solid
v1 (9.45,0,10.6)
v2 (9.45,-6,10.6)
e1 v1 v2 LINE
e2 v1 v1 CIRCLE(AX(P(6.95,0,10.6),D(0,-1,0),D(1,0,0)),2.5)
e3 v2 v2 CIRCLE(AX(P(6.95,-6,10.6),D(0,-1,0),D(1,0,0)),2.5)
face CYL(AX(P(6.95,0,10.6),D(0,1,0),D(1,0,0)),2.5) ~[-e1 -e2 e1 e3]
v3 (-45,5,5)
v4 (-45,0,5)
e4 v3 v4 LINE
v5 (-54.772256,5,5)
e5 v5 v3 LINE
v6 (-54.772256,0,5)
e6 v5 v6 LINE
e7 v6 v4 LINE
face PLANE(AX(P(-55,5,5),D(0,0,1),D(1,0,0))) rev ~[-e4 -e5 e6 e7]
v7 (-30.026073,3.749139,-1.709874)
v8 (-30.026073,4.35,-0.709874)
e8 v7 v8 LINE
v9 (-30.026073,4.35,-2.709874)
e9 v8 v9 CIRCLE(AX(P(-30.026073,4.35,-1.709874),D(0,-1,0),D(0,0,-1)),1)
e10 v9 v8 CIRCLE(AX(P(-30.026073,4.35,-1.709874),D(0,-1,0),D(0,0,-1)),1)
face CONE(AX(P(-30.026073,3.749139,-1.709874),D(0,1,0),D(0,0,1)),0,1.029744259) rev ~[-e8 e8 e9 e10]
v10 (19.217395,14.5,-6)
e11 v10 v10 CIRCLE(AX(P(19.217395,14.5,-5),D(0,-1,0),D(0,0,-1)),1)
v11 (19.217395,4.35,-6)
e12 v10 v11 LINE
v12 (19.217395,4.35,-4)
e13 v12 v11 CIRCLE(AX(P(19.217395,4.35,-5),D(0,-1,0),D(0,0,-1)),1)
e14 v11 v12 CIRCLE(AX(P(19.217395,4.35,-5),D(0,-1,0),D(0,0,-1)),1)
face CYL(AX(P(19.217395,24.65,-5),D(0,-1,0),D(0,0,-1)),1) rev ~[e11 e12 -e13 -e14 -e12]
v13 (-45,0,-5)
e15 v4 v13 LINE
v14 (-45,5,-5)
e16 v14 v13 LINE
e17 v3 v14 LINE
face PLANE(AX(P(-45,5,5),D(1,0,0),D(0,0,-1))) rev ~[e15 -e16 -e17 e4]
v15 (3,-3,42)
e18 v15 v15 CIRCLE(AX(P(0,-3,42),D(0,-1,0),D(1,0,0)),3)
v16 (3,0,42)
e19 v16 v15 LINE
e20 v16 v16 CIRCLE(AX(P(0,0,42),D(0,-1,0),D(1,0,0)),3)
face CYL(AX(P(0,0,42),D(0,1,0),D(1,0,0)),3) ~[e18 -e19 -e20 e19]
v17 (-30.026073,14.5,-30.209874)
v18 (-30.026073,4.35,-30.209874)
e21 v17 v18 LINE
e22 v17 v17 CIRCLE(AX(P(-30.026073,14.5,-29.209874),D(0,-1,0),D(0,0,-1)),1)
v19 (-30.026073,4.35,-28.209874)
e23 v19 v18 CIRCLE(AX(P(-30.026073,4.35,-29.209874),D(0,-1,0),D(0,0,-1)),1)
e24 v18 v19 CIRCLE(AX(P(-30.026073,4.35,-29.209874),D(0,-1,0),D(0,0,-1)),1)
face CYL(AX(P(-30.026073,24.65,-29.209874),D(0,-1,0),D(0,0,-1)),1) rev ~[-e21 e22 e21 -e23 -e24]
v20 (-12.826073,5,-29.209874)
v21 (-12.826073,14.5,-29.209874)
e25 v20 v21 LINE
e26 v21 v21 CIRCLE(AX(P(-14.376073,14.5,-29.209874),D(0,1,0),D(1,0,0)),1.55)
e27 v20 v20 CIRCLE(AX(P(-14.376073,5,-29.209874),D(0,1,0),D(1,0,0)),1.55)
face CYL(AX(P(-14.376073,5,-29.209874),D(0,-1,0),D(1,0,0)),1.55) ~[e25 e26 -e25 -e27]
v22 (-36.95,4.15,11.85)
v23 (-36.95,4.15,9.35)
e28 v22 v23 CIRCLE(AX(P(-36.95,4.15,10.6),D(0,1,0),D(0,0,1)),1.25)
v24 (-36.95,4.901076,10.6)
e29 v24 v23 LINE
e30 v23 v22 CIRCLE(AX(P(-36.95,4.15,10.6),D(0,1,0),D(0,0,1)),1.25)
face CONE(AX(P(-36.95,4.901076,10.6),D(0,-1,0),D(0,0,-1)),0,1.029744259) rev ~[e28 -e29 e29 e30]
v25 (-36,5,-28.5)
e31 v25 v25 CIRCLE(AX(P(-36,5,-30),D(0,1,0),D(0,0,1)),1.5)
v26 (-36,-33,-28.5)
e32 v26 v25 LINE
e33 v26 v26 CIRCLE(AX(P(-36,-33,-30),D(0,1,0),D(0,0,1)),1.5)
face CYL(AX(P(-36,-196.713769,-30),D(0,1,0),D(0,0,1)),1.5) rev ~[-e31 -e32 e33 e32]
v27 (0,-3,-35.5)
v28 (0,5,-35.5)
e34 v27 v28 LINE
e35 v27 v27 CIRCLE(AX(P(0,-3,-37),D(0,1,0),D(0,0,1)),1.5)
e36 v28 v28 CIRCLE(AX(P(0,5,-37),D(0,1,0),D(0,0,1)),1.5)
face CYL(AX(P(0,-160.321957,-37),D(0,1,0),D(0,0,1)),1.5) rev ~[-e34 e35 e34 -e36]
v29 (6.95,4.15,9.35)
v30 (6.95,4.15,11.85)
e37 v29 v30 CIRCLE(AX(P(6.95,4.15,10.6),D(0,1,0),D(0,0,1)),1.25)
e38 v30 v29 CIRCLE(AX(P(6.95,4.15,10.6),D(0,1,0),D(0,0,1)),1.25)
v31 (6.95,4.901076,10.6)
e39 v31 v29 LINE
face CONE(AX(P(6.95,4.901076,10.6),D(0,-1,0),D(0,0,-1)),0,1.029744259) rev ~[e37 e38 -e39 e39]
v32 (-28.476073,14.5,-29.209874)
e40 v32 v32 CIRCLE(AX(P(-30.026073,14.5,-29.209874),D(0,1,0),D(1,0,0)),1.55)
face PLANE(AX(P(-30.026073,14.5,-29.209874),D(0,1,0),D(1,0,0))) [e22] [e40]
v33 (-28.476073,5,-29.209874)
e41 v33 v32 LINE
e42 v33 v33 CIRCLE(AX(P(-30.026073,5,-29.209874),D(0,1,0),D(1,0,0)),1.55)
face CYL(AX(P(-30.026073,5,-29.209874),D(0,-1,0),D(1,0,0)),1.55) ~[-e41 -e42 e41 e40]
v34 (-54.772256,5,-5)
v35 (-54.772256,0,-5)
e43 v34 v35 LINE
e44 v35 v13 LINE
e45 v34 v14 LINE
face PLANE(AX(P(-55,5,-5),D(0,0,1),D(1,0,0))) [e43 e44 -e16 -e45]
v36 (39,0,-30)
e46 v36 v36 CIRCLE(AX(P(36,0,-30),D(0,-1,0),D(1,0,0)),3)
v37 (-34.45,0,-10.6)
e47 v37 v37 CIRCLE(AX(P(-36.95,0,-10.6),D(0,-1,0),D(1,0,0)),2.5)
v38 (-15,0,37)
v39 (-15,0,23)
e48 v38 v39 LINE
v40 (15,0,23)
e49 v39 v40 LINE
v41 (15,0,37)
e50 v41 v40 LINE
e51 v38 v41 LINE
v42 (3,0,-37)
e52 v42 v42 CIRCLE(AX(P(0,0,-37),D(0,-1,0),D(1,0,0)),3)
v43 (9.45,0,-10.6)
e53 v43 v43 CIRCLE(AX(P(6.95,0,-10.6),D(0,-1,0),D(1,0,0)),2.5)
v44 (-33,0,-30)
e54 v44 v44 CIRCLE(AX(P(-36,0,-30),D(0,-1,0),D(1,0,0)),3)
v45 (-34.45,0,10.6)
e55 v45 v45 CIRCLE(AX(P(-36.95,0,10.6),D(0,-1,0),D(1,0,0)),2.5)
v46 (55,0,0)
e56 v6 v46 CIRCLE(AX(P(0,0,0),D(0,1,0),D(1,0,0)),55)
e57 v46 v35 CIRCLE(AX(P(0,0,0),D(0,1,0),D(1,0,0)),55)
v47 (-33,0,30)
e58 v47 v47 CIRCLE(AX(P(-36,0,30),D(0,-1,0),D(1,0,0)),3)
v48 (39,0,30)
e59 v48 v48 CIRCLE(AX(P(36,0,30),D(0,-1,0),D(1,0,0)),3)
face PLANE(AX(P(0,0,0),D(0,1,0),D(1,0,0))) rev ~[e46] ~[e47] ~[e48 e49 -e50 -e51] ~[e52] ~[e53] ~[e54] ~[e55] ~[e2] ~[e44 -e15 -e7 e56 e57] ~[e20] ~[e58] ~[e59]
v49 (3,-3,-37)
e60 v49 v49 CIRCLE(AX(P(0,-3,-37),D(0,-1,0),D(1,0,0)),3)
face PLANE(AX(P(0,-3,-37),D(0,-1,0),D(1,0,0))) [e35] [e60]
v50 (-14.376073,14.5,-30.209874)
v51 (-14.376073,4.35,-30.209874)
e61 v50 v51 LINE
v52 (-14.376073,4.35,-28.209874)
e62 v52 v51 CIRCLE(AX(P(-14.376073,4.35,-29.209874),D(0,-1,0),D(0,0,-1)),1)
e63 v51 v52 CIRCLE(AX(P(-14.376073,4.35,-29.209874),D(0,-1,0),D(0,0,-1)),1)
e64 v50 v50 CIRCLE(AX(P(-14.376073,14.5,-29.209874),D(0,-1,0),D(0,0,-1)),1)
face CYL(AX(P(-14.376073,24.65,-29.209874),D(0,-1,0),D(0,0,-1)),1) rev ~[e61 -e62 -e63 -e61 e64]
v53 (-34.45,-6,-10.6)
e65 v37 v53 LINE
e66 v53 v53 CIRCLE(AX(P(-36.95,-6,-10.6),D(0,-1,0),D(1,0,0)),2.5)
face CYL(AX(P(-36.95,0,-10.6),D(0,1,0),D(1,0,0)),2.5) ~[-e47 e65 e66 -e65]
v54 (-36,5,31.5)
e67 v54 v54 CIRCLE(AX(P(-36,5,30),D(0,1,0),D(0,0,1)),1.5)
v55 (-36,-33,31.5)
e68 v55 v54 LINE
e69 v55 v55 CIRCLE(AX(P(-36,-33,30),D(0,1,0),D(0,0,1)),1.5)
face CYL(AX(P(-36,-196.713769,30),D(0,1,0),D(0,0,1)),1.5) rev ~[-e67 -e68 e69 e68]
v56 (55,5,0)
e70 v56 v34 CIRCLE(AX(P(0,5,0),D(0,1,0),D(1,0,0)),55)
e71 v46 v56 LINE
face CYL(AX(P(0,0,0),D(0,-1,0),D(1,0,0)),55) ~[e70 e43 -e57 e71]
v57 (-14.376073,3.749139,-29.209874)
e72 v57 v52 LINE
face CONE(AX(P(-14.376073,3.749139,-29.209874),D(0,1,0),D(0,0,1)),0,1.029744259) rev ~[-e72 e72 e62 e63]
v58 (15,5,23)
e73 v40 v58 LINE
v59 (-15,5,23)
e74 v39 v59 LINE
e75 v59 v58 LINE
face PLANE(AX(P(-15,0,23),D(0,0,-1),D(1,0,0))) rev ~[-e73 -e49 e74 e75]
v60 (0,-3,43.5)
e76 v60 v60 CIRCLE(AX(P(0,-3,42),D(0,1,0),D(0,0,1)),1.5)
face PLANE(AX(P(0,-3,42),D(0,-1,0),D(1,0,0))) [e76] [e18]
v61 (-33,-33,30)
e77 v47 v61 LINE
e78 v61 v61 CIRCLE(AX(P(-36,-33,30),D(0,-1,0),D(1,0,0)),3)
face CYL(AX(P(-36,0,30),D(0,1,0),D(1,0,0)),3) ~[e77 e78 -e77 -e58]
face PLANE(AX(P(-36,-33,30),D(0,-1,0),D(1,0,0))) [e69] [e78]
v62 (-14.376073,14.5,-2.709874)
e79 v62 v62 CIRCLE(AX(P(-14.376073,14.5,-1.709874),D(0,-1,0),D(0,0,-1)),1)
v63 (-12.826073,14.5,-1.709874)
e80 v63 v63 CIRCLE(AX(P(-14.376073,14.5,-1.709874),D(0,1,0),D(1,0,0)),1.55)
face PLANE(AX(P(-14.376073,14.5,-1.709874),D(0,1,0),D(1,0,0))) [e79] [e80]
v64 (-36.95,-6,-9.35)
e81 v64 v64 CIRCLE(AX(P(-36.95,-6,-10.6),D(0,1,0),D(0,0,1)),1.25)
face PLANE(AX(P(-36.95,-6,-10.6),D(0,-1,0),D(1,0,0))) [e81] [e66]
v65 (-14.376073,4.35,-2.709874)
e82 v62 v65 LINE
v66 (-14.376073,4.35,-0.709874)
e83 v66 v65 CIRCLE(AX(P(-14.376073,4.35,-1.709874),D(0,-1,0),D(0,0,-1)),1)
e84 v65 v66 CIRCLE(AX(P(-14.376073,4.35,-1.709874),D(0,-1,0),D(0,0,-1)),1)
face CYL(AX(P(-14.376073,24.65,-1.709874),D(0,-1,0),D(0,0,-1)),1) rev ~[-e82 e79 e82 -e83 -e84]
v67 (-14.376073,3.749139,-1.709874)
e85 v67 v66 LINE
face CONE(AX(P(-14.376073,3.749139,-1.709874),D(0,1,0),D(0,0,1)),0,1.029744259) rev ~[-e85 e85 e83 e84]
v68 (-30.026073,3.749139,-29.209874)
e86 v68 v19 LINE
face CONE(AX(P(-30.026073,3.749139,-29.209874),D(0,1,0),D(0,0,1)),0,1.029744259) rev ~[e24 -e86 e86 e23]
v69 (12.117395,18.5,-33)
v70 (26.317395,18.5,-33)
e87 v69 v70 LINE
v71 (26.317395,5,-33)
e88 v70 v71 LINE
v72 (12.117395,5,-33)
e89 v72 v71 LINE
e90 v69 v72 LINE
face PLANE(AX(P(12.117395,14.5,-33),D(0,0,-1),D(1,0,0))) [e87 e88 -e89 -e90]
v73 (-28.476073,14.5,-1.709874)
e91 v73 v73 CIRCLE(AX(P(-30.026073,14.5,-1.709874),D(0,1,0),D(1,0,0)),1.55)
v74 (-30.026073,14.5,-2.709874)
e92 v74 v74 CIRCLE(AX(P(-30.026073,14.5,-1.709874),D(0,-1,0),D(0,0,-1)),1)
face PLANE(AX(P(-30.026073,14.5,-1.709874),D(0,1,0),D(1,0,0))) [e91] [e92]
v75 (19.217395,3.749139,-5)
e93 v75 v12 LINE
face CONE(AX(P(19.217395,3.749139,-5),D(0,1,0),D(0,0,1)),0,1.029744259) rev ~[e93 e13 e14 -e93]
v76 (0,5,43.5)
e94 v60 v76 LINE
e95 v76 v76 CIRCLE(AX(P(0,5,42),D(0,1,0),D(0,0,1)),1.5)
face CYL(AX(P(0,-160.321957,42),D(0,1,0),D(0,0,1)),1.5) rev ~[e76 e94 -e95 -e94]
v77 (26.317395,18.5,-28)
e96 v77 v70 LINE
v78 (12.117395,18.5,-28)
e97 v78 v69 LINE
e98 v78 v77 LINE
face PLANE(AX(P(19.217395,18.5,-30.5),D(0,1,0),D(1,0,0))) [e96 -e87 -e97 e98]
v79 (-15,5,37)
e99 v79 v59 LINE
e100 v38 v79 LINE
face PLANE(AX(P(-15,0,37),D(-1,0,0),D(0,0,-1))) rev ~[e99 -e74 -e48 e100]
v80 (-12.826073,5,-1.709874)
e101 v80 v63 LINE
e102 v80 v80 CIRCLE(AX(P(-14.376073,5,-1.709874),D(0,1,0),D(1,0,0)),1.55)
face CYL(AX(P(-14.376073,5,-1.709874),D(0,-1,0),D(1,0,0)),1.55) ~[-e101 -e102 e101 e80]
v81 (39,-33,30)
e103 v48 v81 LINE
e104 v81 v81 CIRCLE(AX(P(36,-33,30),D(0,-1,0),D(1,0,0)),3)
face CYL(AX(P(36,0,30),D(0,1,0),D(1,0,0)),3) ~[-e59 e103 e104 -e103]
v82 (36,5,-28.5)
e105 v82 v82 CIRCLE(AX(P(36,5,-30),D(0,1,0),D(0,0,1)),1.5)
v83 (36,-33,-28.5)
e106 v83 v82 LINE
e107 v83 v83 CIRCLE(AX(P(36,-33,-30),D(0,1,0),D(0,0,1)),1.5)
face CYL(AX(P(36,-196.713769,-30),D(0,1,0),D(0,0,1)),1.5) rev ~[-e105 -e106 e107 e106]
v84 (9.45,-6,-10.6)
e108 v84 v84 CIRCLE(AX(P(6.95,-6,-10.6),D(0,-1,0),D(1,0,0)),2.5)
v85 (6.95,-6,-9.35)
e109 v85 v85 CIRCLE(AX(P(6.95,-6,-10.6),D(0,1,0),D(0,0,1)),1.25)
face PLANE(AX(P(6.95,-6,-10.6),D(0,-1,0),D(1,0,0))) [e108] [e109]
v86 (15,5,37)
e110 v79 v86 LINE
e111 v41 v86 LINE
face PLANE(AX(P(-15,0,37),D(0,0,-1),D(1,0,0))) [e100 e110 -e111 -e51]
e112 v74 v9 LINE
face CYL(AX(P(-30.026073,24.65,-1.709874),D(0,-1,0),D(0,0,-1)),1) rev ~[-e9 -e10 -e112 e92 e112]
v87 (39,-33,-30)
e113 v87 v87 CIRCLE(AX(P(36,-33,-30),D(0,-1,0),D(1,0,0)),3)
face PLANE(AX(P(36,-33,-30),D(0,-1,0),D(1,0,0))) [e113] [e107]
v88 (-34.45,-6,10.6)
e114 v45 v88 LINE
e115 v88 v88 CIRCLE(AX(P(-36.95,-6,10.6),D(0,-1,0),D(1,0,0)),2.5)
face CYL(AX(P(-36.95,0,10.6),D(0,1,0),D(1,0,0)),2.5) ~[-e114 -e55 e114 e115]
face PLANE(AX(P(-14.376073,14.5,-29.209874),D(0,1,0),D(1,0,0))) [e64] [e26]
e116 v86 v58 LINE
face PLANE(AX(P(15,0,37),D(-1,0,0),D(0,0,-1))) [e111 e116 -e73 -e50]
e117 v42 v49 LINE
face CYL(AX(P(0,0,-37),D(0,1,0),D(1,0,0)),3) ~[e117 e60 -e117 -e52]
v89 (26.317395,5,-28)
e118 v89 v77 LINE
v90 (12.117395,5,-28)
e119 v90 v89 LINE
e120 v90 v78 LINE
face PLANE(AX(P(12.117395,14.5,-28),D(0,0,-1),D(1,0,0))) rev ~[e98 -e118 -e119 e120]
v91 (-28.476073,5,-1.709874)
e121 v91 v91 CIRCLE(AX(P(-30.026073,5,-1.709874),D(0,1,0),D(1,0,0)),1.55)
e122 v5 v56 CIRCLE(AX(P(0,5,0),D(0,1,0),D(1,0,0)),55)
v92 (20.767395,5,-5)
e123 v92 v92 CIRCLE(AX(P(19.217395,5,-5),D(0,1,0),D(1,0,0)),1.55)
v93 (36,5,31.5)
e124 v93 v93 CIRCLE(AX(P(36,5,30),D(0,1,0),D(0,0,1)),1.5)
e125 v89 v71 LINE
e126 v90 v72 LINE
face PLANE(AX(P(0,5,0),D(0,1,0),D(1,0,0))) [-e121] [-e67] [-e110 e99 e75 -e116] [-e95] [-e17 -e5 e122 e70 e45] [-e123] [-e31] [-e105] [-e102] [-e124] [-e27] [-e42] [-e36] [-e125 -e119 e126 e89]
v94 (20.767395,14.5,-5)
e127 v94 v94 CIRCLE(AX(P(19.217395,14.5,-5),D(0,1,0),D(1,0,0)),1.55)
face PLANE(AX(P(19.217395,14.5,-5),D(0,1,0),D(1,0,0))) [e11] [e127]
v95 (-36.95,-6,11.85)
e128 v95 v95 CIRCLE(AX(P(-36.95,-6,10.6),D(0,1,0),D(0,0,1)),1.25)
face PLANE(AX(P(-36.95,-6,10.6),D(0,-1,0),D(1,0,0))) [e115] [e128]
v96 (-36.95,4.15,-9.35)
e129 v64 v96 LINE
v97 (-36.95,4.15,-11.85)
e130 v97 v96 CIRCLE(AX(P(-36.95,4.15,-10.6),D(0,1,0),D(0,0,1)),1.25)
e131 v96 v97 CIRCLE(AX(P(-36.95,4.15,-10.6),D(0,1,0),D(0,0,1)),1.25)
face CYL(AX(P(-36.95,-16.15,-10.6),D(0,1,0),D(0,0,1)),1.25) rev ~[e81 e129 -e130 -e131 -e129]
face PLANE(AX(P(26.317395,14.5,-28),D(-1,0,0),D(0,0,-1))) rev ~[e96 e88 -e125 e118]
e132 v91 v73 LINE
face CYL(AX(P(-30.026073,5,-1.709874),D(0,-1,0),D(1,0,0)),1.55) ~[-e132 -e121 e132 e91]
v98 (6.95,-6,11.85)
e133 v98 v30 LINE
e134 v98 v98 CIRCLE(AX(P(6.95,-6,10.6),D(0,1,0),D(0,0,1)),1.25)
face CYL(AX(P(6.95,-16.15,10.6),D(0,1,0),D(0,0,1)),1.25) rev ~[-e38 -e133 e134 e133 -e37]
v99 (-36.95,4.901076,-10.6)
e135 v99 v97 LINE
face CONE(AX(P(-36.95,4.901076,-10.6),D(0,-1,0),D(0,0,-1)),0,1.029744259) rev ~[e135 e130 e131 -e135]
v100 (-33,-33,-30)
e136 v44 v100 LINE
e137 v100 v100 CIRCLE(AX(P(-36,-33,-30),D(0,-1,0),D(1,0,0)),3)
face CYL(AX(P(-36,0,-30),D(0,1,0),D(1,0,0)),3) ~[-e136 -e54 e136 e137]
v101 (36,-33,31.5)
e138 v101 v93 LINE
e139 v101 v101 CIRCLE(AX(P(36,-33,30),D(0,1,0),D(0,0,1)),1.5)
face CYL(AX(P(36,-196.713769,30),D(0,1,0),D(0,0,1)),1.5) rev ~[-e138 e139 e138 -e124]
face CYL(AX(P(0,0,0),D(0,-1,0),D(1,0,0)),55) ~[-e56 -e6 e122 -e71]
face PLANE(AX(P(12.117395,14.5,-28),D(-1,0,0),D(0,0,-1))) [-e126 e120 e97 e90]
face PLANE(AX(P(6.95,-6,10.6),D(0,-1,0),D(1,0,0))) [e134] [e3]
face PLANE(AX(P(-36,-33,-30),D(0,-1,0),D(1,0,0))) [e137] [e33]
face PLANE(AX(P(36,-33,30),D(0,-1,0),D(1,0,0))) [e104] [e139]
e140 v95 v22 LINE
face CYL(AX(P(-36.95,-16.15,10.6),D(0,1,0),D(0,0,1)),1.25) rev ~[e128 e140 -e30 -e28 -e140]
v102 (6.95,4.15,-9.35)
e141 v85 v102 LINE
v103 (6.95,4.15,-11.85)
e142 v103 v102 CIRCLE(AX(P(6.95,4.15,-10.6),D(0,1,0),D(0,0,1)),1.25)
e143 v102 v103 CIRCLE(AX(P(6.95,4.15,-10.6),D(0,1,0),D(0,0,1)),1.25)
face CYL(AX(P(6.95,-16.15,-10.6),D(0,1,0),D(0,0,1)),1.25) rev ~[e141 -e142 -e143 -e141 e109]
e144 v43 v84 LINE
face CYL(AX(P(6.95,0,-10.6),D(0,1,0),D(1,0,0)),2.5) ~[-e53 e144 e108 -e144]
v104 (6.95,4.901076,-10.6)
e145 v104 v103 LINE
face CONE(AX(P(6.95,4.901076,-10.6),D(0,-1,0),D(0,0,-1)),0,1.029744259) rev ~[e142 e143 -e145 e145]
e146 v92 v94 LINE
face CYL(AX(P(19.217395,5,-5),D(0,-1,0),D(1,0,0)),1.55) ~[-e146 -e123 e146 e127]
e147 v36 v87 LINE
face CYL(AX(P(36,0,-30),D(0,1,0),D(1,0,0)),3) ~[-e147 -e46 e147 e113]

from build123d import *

# Parameters (mm, degrees)
SKETCH2_R                 = 55
SKETCH2_W                 = 30
SKETCH2_H                 = 14
BOSS_EXTRUDE1_DEPTH       = 5
SKETCH3_R                 = 2.5
BOSS_EXTRUDE2_DEPTH       = 6
F_2_5MM_DOWEL_HOLE2_D     = 2.5
F_2_5MM_DOWEL_HOLE2_DEPTH = 10.15
F_2_5MM_DOWEL_HOLE2_TIP   = 0.751075774
SKETCH15_R                = 1.55
BOSS_EXTRUDE3_DEPTH       = 9.5
F_2_0MM_DOWEL_HOLE1_D     = 2
F_2_0MM_DOWEL_HOLE1_DEPTH = 10.15
F_2_0MM_DOWEL_HOLE1_TIP   = 0.600860619
SKETCH17_R                = 1.55
SKETCH17_W                = 14.2
SKETCH17_H                = 5
BOSS_EXTRUDE4_DEPTH       = 9.5
F_2_0MM_DOWEL_HOLE2_D     = 2
F_2_0MM_DOWEL_HOLE2_DEPTH = 10.15
F_2_0MM_DOWEL_HOLE2_TIP   = 0.600860619
SKETCH19_W                = 14.2
SKETCH19_H                = 5
BOSS_EXTRUDE5_DEPTH       = 4
SKETCH21_W                = 10
SKETCH21_H                = 10
CUT_EXTRUDE1_DEPTH        = 79.944600829
SKETCH26_R                = 3
BOSS_EXTRUDE7_DEPTH       = 3
F_3_0MM_DOWEL_HOLE2_D     = 3
SKETCH30_R                = 3
BOSS_EXTRUDE9_DEPTH       = 33
F_3_0MM_DOWEL_HOLE4_D     = 3


with BuildPart() as part:
    # Sketch2 → Boss-Extrude1 (new body)
    with BuildSketch(Plane(origin=(0, 0, 0), x_dir=(1, 0, 0), z_dir=(0, 1, 0))):
        Circle(SKETCH2_R)
        with Locations((0, -30)):
            Rectangle(SKETCH2_W, SKETCH2_H, mode=Mode.SUBTRACT)
    extrude(amount=BOSS_EXTRUDE1_DEPTH)

    # Sketch3 → Boss-Extrude2 (add)
    with BuildSketch(Plane.XZ):
        with Locations((-36.95, 10.6)):
            Circle(SKETCH3_R)
        with Locations((-36.95, -10.6)):
            Circle(SKETCH3_R)
        with Locations((6.95, -10.6)):
            Circle(SKETCH3_R)
        with Locations((6.95, 10.6)):
            Circle(SKETCH3_R)
    extrude(amount=BOSS_EXTRUDE2_DEPTH)

    # Ø2.5mm Dowel Hole2
    with Locations(Plane(origin=(-36.95, -6, 10.6), x_dir=(0, 0, -1), z_dir=(0, -1, 0))):
        with Locations((0, 0), (0, 43.9), (21.2, 43.9), (21.2, 0)):
            Hole(F_2_5MM_DOWEL_HOLE2_D / 2, depth=F_2_5MM_DOWEL_HOLE2_DEPTH)
            with Locations((0, 0, -(F_2_5MM_DOWEL_HOLE2_DEPTH + F_2_5MM_DOWEL_HOLE2_TIP / 2))):  # 118° drill point
                Cone(0, F_2_5MM_DOWEL_HOLE2_D / 2, F_2_5MM_DOWEL_HOLE2_TIP, mode=Mode.SUBTRACT)

    # Sketch15 → Boss-Extrude3 (add)
    with BuildSketch(Plane(origin=(0, 5, 0), x_dir=(1, 0, 0), z_dir=(0, 1, 0))):
        with Locations((-30.02607336, 29.209873591)):
            Circle(SKETCH15_R)
        with Locations((-14.37607336, 29.209873591)):
            Circle(SKETCH15_R)
        with Locations((-14.37607336, 1.709873591)):
            Circle(SKETCH15_R)
        with Locations((-30.02607336, 1.709873591)):
            Circle(SKETCH15_R)
    extrude(amount=BOSS_EXTRUDE3_DEPTH)

    # Ø2.0mm Dowel Hole1
    with Locations(Plane(origin=(-30.02607336, 14.5, -29.209873591), x_dir=(0, 0, 1), z_dir=(0, 1, 0))):
        with Locations((0, 0), (27.5, 0), (27.5, 15.65), (0, 15.65)):
            Hole(F_2_0MM_DOWEL_HOLE1_D / 2, depth=F_2_0MM_DOWEL_HOLE1_DEPTH)
            with Locations((0, 0, -(F_2_0MM_DOWEL_HOLE1_DEPTH + F_2_0MM_DOWEL_HOLE1_TIP / 2))):  # 118° drill point
                Cone(0, F_2_0MM_DOWEL_HOLE1_D / 2, F_2_0MM_DOWEL_HOLE1_TIP, mode=Mode.SUBTRACT)

    # Sketch17 → Boss-Extrude4 (add)
    with BuildSketch(Plane(origin=(0, 5, 0), x_dir=(1, 0, 0), z_dir=(0, 1, 0))):
        with Locations((19.217395201, 5)):
            Circle(SKETCH17_R)
        with Locations((19.217395201, 30.5)):
            Rectangle(SKETCH17_W, SKETCH17_H)
    extrude(amount=BOSS_EXTRUDE4_DEPTH)

    # Ø2.0mm Dowel Hole2
    with Locations(Plane(origin=(19.217395201, 14.5, -5), x_dir=(0, 0, 1), z_dir=(0, 1, 0))):
        with Locations((0, 0)):
            Hole(F_2_0MM_DOWEL_HOLE2_D / 2, depth=F_2_0MM_DOWEL_HOLE2_DEPTH)
            with Locations((0, 0, -(F_2_0MM_DOWEL_HOLE2_DEPTH + F_2_0MM_DOWEL_HOLE2_TIP / 2))):  # 118° drill point
                Cone(0, F_2_0MM_DOWEL_HOLE2_D / 2, F_2_0MM_DOWEL_HOLE2_TIP, mode=Mode.SUBTRACT)

    # Sketch19 → Boss-Extrude5 (add)
    with BuildSketch(Plane(origin=(0, 14.5, 0), x_dir=(1, 0, 0), z_dir=(0, 1, 0))):
        with Locations((19.217395201, 30.5)):
            Rectangle(SKETCH19_W, SKETCH19_H)
    extrude(amount=BOSS_EXTRUDE5_DEPTH)

    # Sketch21 → Cut-Extrude1 (cut, through all)
    with BuildSketch(Plane(origin=(0, 5, 0), x_dir=(1, 0, 0), z_dir=(0, 1, 0))):
        with Locations((-50, 0)):
            Rectangle(SKETCH21_W, SKETCH21_H)
    extrude(amount=-CUT_EXTRUDE1_DEPTH, mode=Mode.SUBTRACT)

    # Sketch26 → Boss-Extrude7 (add)
    with BuildSketch(Plane.XZ):
        with Locations((0, 42)):
            Circle(SKETCH26_R)
        with Locations((0, -37)):
            Circle(SKETCH26_R)
    extrude(amount=BOSS_EXTRUDE7_DEPTH)

    # Ø3.0mm Dowel Hole2 (through all)
    with Locations(Plane(origin=(0, -3, 42), x_dir=(0, 0, -1), z_dir=(0, -1, 0))):
        with Locations((0, 0), (79, 0)):
            Hole(F_3_0MM_DOWEL_HOLE2_D / 2)

    # Sketch30 → Boss-Extrude9 (add)
    with BuildSketch(Plane.XZ):
        with Locations((-36, 30)):
            Circle(SKETCH30_R)
        with Locations((36, 30)):
            Circle(SKETCH30_R)
        with Locations((36, -30)):
            Circle(SKETCH30_R)
        with Locations((-36, -30)):
            Circle(SKETCH30_R)
    extrude(amount=BOSS_EXTRUDE9_DEPTH)

    # Ø3.0mm Dowel Hole4 (through all)
    with Locations(Plane(origin=(-36, -33, 30), x_dir=(0, 0, -1), z_dir=(0, -1, 0))):
        with Locations((0, 0), (0, 72), (60, 72), (60, 0)):
            Hole(F_3_0MM_DOWEL_HOLE4_D / 2)


solid = part.part
